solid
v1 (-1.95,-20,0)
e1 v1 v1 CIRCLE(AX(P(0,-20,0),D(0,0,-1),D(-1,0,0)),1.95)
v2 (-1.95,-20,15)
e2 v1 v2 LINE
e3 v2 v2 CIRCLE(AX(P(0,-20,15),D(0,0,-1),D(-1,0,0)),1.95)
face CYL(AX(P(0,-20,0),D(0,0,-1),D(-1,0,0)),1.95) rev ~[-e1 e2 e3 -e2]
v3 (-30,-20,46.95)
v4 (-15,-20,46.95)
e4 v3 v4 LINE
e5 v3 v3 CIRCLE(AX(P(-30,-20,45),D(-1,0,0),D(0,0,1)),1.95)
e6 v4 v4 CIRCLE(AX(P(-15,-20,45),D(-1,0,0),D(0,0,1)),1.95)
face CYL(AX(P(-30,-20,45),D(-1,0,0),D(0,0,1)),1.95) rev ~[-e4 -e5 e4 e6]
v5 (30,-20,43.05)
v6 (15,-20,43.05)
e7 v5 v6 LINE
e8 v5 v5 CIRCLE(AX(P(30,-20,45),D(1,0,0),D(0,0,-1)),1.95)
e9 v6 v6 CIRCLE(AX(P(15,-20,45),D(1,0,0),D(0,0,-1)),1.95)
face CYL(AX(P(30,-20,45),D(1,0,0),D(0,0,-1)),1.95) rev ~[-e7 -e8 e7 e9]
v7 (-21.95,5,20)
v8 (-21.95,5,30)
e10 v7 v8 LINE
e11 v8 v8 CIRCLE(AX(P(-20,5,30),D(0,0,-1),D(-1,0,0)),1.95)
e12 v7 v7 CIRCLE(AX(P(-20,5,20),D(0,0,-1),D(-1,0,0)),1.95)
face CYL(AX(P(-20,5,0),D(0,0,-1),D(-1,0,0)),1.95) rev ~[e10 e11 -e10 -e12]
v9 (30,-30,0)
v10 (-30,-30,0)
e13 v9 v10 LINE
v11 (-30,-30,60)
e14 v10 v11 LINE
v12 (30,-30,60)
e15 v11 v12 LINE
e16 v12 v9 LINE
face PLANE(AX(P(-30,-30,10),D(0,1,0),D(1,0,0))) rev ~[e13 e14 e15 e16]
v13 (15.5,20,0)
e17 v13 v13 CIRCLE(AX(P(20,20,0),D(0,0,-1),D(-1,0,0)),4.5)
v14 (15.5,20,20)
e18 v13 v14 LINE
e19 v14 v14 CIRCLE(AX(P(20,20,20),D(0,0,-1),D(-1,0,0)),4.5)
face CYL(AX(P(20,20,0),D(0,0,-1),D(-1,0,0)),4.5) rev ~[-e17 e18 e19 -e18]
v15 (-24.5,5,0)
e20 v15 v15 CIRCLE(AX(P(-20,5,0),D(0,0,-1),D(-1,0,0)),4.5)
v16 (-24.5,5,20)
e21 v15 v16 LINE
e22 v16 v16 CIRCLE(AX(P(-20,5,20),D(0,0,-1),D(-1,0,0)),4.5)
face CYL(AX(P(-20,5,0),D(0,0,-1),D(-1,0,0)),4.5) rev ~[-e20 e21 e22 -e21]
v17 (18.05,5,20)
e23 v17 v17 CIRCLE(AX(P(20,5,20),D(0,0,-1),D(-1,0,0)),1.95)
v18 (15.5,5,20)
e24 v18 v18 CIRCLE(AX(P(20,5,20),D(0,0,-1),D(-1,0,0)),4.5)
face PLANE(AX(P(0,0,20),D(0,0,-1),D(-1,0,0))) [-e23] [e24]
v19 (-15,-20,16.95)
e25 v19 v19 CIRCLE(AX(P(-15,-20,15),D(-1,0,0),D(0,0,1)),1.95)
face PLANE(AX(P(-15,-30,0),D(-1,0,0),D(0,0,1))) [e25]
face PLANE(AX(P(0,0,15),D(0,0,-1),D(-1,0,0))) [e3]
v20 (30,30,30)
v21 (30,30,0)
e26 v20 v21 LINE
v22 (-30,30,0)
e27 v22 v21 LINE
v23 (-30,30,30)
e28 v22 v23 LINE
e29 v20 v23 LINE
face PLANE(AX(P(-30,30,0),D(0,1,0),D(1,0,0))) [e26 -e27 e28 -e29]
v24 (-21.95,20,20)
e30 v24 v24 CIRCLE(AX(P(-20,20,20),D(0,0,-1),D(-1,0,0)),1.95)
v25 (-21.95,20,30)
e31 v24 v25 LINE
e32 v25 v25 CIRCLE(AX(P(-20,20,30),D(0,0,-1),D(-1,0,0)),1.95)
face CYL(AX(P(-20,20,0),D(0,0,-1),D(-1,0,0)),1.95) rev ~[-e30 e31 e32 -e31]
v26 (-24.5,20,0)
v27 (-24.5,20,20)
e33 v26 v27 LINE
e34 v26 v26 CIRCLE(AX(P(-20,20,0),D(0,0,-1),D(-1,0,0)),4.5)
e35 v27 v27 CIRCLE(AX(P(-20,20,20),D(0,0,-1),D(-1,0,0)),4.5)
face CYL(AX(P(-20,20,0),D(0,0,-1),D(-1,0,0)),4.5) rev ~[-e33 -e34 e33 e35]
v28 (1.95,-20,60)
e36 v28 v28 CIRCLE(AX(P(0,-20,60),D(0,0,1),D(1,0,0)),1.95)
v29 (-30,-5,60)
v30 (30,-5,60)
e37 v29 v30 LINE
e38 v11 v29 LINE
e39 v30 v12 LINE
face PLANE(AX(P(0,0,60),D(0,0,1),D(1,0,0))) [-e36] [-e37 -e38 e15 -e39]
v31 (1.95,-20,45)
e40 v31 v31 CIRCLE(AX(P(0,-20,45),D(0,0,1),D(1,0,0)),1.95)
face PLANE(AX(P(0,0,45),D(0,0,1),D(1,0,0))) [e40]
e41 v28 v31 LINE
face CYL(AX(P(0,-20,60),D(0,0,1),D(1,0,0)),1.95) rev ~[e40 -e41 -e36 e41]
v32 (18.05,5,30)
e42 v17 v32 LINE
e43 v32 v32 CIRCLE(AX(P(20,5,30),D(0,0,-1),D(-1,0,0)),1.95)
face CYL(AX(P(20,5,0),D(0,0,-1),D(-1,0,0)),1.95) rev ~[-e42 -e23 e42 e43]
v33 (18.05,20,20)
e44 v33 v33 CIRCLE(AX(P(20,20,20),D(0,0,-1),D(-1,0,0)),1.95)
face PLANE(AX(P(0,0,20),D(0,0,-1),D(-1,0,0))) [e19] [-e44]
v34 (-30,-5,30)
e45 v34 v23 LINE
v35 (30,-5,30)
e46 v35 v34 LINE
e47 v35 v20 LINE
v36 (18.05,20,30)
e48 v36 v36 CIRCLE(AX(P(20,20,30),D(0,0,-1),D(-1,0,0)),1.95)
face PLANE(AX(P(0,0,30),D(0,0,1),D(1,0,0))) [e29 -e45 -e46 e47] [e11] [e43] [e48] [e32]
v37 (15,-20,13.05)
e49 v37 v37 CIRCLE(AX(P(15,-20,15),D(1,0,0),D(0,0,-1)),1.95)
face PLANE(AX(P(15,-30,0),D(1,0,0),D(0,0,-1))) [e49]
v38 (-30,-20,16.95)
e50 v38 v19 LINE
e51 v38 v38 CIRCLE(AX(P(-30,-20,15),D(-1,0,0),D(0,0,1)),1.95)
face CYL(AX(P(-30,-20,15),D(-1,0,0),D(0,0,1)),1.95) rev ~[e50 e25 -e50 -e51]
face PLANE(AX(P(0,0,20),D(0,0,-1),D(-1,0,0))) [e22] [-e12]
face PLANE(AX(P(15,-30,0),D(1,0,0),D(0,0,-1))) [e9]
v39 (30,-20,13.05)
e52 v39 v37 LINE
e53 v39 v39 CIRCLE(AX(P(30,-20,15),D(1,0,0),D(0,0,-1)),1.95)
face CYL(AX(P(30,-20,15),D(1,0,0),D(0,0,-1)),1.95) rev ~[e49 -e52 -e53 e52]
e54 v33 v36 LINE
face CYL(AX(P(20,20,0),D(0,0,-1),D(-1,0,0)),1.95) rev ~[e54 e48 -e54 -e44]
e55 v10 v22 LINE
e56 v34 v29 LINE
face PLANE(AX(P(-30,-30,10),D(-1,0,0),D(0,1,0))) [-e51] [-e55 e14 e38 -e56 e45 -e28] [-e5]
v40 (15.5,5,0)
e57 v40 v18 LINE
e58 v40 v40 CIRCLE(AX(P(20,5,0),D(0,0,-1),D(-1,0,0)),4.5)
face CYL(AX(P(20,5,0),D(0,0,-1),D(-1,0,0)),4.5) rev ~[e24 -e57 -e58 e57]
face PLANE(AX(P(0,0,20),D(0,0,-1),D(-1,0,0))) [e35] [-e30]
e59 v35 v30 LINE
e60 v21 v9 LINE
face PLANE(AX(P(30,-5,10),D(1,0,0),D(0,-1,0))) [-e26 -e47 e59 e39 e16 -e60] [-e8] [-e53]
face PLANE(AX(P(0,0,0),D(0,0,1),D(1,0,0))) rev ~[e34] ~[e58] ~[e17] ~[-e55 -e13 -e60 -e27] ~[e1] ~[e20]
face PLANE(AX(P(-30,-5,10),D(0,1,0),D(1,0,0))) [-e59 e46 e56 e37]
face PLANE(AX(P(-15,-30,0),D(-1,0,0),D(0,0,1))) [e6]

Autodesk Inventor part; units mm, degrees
ref_plane "YZ Plane" through (0, 0, 0) normal (1, 0, 0) x (0, 1, 0)
ref_plane "XZ Plane" through (0, 0, 0) normal (0, 1, 0) x (-1, 0, 0)
ref_plane "XY Plane" through (0, 0, 0) normal (0, 0, 1) x (1, 0, 0)
sketch "Sketch1" plane through (0, 0, 0) normal (0, 0, 1) x (1, 0, 0)
  line L0 (-30, 30) -> (30, 30)
  line L1 (30, 30) -> (30, -30)
  line L2 (30, -30) -> (-30, -30)
  line L3 (-30, -30) -> (-30, 30)
  point P0 (0, 0)
  dimension "d0" = 60
  dimension "d1" = 60
  dimension "d2" = 30
  dimension "d3" = 30
extrude "Extrusion1" add sketch "Sketch1" along normal blind 10
sketch "Sketch2" plane through (0, 0, 10) normal (0, 0, 1) x (1, 0, 0)
  line L0 (30, 30) -> (-30, 30) projected
  line L1 (30, -30) -> (30, 30) projected
  line L2 (-30, 30) -> (30, 30)
  line L3 (30, 30) -> (30, -5)
  line L4 (30, -5) -> (-30, -5)
  line L5 (-30, -5) -> (-30, 30)
  point P0 (0, 0)
  dimension "d6" = 35
extrude "Extrusion2" add sketch "Sketch2" along normal blind 20
sketch "Sketch3" plane through (0, 0, 10) normal (0, 0, 1) x (1, 0, 0)
  line L0 (-30, -5) -> (30, -5) projected
  line L1 (-30, -30) -> (30, -30) projected
  line L2 (-30, -5) -> (30, -5)
  line L3 (30, -5) -> (30, -30)
  line L4 (30, -30) -> (-30, -30)
  line L5 (-30, -30) -> (-30, -5)
  point P0 (0, 0)
extrude "Extrusion3" add sketch "Sketch3" along normal blind 50
sketch "Sketch4" plane through (0, 0, 0) normal (0, 0, -1) x (-1, 0, 0)
  circle A0 centre (-20, 20) radius 1.95
  circle A1 centre (20, 20) radius 1.95
  circle A2 centre (20, 5) radius 1.95
  circle A3 centre (-20, 5) radius 1.95
  line L0 (-30, 30) -> (30, 30) projected
  line L1 (-30, -30) -> (-30, 30) projected
  line L2 (30, 30) -> (30, -30) projected
  point P0 (0, 0)
  dimension "d11" = 10
  dimension "d12" = 10
  dimension "d13" = 10
  dimension "d14" = 10
  dimension "d15" = 10
  dimension "d16" = 25
  dimension "d17" = 25
  dimension "d18" = 10
  dimension "d19" = 3.9
  dimension "d20" = 3.9
  dimension "d21" = 3.9
  dimension "d22" = 3.9
extrude "Extrusion4" cut sketch "Sketch4" against normal blind 30
sketch "Sketch5" plane through (0, 0, 0) normal (0, 0, -1) x (-1, 0, 0)
  circle A0 centre (-20, 20) radius 1.95 projected
  circle A1 centre (-20, 20) radius 4.5
  circle A2 centre (-20, 5) radius 1.95 projected
  circle A3 centre (-20, 5) radius 4.5
  circle A4 centre (20, 20) radius 1.95 projected
  circle A5 centre (20, 20) radius 4.5
  circle A6 centre (20, 5) radius 1.95 projected
  circle A7 centre (20, 5) radius 4.5
  point P0 (0, 0)
  dimension "d25" = 9
  dimension "d26" = 9
  dimension "d27" = 9
  dimension "d28" = 9
extrude "Extrusion5" cut sketch "Sketch5" against normal blind 20
sketch "Sketch6" plane through (-30, -30, 0) normal (-1, 0, 0) x (0, 0, 1)
  circle A0 centre (15, 10) radius 1.95
  circle A1 centre (45, 10) radius 1.95
  line L0 (0, 60) -> (0, 0) projected
  line L1 (0, 0) -> (60, 0) projected
  line L2 (60, 25) -> (60, 0) projected
  point P0 (0, 30)
  dimension "d31" = 15
  dimension "d32" = 10
  dimension "d33" = 15
  dimension "d34" = 10
  dimension "d35" = 3.9
  dimension "d36" = 3.9
extrude "Extrusion6" cut sketch "Sketch6" against normal blind 15
sketch "Sketch7" plane through (30, -30, 0) normal (1, 0, 0) x (0, 0, -1)
  circle A0 centre (-45, 10) radius 1.95 projected
  circle A1 centre (-45, 10) radius 1.95
  circle A2 centre (-15, 10) radius 1.95 projected
  circle A3 centre (-15, 10) radius 1.95
  point P0 (0, 30)
extrude "Extrusion7" cut sketch "Sketch7" against normal blind 15
sketch "Sketch8" plane through (0, 0, 0) normal (0, 0, -1) x (-1, 0, 0)
  circle A0 centre (0, -20) radius 1.95
  line L0 (30, -30) -> (-30, -30) projected
  line L1 (-30, -30) -> (-30, 30) projected
  point P0 (0, 0)
  dimension "d41" = 10
  dimension "d42" = 30
  dimension "d43" = 3.9
extrude "Extrusion8" cut sketch "Sketch8" against normal blind 15
sketch "Sketch9" plane through (0, 0, 60) normal (0, 0, 1) x (1, 0, 0)
  circle A0 centre (0, -20) radius 1.95 projected
  circle A1 centre (0, -20) radius 1.95
  point P0 (0, 0)
extrude "Extrusion9" cut sketch "Sketch9" against normal blind 15
properties part number "Base_V2b"
